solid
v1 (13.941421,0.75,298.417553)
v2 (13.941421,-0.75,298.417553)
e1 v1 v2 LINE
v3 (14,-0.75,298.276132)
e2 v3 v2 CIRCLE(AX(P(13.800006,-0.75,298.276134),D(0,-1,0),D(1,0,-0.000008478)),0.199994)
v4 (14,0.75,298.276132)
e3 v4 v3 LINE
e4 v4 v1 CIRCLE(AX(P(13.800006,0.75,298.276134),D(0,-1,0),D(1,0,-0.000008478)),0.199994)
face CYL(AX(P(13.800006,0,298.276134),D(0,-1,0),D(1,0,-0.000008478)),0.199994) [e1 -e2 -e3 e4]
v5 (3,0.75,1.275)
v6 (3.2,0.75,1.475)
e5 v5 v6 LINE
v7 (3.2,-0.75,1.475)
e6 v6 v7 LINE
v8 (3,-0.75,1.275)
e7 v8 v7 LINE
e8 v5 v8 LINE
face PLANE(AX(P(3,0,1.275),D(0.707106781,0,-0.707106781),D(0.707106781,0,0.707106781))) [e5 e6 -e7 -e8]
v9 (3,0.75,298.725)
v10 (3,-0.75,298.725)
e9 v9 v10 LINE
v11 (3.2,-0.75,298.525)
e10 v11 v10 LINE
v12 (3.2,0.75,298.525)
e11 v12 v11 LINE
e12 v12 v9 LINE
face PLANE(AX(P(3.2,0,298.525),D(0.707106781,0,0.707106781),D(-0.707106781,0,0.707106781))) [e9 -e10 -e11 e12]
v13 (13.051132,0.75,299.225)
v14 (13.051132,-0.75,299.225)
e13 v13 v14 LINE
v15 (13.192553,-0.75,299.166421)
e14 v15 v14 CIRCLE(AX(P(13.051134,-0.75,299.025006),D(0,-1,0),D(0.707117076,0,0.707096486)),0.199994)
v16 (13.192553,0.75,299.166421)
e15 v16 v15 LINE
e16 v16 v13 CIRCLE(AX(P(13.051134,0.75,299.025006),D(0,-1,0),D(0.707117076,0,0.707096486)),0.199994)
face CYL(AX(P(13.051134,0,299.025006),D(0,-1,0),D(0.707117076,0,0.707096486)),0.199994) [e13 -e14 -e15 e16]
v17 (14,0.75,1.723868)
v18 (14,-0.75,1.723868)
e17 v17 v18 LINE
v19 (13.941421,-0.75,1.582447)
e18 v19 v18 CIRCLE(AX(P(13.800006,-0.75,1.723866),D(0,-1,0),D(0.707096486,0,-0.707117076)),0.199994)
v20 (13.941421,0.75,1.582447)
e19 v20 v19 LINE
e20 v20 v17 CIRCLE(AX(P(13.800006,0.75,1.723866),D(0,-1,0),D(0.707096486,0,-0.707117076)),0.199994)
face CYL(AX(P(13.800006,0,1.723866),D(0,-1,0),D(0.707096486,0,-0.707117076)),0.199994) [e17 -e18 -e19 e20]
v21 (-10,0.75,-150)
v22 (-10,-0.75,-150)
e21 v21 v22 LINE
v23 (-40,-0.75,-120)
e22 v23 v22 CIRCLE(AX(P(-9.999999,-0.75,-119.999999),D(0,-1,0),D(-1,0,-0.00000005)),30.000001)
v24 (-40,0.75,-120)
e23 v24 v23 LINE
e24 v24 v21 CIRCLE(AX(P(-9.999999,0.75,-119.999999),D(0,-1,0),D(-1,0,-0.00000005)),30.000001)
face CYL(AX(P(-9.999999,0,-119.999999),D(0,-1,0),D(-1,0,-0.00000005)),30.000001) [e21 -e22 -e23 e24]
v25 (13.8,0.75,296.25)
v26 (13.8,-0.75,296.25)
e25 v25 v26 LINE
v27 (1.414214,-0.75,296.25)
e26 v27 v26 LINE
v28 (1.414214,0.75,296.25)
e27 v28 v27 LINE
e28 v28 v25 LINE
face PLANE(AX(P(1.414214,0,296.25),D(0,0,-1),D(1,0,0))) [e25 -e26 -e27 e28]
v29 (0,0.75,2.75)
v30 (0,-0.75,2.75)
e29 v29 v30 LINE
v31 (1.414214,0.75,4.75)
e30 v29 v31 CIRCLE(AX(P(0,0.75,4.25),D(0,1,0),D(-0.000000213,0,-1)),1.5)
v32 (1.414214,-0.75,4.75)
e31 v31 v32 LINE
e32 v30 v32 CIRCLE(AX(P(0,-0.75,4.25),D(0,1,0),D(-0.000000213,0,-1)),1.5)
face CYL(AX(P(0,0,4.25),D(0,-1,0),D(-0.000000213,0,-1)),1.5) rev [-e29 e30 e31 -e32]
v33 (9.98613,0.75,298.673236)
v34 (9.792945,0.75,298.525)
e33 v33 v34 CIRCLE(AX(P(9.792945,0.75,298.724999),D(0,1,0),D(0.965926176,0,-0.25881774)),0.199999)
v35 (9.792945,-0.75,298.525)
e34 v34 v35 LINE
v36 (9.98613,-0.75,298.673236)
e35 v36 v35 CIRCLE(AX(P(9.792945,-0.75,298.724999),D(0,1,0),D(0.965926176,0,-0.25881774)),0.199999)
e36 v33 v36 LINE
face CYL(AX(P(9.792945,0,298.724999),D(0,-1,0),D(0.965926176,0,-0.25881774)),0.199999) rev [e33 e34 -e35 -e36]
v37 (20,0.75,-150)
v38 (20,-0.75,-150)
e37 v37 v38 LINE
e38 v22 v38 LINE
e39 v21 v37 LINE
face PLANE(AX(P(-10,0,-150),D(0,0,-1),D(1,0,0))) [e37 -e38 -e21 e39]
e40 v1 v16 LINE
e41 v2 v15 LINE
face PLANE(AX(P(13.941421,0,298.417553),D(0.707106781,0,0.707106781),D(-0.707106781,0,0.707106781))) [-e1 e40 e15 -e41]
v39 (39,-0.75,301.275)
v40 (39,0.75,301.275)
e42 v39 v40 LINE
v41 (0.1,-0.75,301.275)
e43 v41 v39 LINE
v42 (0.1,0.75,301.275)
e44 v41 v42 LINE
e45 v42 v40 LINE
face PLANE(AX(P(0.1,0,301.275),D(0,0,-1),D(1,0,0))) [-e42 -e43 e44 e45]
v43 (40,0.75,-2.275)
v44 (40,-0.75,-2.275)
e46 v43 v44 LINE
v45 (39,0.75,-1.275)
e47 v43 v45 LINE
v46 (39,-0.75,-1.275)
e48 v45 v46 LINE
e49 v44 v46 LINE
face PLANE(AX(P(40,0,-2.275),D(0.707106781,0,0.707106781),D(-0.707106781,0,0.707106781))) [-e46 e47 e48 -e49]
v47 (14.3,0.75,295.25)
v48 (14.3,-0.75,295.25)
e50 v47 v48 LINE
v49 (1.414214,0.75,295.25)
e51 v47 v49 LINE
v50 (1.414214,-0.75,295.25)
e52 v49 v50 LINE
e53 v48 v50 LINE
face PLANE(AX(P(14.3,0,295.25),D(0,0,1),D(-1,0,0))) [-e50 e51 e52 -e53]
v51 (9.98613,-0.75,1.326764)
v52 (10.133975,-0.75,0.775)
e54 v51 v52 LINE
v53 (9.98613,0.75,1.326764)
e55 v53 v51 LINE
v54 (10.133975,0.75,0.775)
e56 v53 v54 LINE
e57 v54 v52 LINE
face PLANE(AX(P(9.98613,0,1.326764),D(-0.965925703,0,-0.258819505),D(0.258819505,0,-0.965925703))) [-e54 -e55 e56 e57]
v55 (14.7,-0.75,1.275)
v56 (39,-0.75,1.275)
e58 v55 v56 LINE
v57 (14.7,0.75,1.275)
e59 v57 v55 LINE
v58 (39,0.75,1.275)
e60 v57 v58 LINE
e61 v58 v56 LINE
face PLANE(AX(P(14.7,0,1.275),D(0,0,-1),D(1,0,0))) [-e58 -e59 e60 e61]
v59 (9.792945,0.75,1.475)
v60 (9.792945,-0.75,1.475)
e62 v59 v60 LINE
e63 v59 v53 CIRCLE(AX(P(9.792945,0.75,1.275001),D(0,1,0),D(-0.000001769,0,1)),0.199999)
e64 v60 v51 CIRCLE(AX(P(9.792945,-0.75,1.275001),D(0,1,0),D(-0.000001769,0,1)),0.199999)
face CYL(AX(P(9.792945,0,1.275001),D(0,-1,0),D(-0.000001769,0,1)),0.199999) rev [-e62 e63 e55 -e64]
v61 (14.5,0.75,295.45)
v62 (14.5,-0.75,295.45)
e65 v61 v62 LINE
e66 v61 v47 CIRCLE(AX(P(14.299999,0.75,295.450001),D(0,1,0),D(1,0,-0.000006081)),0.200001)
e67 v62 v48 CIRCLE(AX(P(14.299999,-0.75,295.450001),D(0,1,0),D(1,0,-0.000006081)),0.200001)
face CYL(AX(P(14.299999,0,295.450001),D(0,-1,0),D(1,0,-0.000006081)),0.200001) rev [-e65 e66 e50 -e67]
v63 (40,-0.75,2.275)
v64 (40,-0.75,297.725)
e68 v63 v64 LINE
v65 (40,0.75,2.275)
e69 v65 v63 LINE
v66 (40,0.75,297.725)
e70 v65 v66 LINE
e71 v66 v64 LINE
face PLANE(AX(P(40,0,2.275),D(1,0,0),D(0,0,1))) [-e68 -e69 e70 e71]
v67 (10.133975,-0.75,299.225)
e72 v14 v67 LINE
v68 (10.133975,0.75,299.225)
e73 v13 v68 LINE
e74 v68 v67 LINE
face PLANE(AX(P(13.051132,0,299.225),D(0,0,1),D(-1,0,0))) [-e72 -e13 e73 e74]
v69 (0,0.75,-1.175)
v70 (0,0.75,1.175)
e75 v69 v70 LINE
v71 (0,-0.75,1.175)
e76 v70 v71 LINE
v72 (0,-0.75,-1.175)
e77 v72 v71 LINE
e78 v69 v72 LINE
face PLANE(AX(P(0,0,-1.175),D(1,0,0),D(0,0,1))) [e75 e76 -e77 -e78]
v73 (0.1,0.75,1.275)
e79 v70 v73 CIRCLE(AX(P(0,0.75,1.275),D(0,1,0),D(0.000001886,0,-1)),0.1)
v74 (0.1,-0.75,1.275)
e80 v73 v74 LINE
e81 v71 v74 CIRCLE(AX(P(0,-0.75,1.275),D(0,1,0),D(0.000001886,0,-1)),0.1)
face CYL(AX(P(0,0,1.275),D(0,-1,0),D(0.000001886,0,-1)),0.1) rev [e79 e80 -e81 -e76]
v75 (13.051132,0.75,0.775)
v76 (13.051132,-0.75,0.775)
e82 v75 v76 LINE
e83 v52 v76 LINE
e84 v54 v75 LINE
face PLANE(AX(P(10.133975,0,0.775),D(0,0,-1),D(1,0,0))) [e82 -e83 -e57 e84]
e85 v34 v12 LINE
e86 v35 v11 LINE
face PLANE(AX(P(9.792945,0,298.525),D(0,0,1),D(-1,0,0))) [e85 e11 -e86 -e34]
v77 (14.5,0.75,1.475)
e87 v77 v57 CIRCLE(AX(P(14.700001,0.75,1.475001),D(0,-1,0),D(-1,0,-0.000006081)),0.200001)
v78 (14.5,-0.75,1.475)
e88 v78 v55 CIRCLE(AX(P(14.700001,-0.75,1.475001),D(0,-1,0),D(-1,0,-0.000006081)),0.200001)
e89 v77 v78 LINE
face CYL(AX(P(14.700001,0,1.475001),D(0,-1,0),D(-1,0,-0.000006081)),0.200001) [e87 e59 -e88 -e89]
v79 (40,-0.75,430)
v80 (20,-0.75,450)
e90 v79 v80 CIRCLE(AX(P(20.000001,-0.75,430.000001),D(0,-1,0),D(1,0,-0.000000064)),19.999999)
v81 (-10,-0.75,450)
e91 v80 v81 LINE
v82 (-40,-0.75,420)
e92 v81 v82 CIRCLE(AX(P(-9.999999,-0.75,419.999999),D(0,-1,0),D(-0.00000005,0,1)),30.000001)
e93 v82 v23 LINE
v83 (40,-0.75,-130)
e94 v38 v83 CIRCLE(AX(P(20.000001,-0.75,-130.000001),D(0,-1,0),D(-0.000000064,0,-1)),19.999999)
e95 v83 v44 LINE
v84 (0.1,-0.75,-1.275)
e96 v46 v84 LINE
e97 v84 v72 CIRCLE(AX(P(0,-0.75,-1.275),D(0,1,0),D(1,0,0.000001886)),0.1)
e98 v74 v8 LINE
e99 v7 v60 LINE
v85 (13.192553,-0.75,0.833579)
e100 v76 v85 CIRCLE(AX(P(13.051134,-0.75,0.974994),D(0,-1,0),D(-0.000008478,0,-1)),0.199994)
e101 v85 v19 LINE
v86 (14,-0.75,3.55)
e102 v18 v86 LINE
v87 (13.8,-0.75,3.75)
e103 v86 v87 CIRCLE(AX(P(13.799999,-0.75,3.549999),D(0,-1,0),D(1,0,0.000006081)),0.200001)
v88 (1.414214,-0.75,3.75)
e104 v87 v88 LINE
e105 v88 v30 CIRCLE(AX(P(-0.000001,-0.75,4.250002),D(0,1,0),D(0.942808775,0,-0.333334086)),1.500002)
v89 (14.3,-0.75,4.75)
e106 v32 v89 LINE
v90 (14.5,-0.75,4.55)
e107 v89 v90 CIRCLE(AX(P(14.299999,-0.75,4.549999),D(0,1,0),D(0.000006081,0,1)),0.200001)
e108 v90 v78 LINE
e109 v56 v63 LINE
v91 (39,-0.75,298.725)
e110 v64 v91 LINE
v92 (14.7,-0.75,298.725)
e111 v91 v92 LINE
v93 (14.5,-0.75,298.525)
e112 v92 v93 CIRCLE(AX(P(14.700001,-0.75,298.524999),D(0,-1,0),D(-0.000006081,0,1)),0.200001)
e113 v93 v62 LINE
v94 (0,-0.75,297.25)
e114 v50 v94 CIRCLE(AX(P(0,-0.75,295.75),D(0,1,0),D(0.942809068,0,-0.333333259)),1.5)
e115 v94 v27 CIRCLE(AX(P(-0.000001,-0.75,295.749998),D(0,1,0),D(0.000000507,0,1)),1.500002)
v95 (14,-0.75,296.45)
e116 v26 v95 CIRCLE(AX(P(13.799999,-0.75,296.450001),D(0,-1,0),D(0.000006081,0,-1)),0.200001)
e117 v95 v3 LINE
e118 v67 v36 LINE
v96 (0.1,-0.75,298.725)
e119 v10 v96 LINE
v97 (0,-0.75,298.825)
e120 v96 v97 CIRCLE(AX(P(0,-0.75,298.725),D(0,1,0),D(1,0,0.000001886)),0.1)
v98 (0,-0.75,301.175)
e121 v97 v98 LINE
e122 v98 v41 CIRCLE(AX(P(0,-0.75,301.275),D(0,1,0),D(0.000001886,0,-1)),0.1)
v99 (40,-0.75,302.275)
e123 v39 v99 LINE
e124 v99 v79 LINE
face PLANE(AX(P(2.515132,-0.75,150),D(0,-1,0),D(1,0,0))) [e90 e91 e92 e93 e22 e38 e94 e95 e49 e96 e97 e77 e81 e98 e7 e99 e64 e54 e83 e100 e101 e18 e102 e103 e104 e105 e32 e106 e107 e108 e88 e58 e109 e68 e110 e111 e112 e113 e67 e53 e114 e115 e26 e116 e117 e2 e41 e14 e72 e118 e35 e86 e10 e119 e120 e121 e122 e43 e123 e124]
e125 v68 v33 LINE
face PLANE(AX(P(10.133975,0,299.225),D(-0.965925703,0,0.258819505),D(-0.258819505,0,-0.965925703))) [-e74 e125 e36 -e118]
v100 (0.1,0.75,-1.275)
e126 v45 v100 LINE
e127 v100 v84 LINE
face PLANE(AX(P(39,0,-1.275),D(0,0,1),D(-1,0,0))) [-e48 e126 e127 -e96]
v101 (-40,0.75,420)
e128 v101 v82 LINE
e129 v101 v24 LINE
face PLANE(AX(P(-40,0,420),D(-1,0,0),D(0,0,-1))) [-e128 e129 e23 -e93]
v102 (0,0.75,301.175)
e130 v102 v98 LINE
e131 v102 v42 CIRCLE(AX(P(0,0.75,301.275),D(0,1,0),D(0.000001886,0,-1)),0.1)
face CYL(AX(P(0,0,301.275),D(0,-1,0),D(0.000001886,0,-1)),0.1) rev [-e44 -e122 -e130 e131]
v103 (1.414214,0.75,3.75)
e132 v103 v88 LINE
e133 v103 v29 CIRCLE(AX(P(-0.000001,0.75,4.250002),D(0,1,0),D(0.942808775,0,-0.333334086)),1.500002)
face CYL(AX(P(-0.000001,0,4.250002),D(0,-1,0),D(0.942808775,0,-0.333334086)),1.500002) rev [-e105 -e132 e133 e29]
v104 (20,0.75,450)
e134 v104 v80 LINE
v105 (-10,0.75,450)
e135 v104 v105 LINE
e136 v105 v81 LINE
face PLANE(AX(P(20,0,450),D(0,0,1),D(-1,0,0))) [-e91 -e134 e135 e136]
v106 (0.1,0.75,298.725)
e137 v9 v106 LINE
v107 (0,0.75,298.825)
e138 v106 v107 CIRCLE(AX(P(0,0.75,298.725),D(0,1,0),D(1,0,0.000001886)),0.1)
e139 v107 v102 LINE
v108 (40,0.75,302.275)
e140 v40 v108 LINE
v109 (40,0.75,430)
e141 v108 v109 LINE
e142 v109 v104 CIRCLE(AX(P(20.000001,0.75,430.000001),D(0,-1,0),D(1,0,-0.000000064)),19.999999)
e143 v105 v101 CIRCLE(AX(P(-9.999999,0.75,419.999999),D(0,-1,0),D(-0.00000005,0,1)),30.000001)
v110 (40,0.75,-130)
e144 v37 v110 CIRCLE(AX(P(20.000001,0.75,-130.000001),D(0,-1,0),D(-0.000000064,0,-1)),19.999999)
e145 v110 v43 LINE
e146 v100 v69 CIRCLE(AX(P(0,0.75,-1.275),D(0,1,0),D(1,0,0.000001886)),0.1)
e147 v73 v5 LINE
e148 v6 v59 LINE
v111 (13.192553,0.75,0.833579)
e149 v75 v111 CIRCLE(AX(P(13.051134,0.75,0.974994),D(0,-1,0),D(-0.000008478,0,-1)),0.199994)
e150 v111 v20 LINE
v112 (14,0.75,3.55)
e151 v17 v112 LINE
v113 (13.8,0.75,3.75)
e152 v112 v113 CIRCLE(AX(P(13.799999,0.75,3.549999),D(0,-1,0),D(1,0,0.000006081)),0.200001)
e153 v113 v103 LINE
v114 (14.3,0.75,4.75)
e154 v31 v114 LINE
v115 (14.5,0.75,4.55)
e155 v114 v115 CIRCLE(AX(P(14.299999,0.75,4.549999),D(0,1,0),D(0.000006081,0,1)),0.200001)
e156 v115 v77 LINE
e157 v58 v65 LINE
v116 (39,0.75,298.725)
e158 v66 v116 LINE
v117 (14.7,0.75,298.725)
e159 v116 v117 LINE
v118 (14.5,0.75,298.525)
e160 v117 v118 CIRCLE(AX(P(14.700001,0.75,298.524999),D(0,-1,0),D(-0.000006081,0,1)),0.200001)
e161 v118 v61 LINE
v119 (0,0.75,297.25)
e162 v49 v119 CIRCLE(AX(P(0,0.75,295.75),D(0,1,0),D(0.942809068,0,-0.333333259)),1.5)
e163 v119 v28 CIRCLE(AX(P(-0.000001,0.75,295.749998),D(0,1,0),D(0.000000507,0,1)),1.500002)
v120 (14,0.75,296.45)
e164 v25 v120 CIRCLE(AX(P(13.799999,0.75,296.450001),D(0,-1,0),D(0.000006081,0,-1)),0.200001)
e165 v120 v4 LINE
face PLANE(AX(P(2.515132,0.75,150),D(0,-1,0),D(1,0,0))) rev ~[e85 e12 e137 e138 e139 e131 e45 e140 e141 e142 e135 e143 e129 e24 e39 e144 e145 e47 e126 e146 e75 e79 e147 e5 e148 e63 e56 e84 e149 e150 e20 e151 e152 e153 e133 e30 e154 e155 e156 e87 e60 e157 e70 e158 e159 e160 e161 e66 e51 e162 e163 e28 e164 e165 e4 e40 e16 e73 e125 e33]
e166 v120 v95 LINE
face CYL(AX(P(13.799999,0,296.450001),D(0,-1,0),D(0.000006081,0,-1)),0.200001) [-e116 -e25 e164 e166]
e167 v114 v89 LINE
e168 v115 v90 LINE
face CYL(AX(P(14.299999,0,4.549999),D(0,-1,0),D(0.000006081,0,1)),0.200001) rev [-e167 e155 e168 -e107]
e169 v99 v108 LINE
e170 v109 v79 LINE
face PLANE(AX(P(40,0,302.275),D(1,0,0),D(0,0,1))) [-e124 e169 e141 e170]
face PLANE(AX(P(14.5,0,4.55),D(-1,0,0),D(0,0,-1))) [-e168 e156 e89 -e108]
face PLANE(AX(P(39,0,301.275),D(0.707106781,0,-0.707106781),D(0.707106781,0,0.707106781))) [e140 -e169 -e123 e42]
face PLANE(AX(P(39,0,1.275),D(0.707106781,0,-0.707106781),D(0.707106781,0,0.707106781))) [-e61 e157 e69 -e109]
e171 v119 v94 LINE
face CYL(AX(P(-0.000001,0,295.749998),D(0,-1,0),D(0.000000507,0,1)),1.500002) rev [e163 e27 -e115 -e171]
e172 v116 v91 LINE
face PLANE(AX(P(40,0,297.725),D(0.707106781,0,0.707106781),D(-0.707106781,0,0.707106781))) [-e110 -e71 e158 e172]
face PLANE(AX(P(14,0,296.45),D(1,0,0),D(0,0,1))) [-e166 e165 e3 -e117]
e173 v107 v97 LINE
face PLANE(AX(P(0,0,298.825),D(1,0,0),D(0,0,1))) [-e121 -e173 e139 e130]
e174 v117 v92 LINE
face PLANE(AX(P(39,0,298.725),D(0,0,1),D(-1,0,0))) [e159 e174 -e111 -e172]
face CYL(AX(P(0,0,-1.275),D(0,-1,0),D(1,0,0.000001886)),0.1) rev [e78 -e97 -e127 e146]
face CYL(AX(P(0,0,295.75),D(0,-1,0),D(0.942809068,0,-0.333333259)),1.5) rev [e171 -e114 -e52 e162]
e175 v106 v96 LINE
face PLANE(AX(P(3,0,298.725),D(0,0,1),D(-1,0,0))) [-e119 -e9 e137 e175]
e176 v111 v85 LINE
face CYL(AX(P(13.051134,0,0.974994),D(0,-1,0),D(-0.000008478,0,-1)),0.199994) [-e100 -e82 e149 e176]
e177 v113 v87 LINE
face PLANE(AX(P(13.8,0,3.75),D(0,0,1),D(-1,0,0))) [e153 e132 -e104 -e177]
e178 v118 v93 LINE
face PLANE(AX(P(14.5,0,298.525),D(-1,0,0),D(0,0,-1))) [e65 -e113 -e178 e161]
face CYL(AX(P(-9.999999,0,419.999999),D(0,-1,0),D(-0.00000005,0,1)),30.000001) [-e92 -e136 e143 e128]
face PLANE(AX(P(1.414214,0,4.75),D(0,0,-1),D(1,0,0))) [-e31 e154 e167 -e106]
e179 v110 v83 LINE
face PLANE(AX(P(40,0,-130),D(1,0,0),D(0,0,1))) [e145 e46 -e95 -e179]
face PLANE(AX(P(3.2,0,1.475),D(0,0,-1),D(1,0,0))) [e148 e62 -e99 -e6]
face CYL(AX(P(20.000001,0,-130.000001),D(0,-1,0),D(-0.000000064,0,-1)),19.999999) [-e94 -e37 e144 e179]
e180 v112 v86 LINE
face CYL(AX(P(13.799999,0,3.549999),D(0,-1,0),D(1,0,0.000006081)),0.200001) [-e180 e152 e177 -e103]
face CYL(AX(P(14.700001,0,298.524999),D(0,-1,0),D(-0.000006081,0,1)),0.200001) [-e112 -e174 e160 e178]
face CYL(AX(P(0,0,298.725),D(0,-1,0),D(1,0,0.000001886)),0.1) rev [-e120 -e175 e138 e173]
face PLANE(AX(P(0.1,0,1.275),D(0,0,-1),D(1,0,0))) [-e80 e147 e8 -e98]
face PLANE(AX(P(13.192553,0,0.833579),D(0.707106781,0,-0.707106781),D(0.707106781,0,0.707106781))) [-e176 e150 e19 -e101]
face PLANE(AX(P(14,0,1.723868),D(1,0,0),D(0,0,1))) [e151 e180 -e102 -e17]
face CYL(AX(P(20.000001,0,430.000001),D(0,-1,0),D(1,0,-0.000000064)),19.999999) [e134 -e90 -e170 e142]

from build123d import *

# Parameters (mm, degrees)
F1_DEPTH      = 0.75
F1_DEPTH_BACK = 0.75


with BuildPart() as f1:
    # F0 (on Front) → F1 (new body, two sides)
    with BuildSketch(Plane.XZ) as f1_sk:
        with BuildLine():
            Line((40, 302.275), (40, 430))
            ThreePointArc((40, 430), (34.142136, 444.142136), (20, 450))
            Line((20, 450), (-10, 450))
            ThreePointArc((-10, 450), (-31.213203, 441.213203), (-40, 420))
            Line((-40, 420), (-40, -120))
            ThreePointArc((-40, -120), (-31.213203, -141.213203), (-10, -150))
            Line((-10, -150), (20, -150))
            ThreePointArc((20, -150), (34.142136, -144.142136), (40, -130))
            Line((40, -130), (40, -2.275))
            Line((40, -2.275), (39, -1.275))
            Line((39, -1.275), (0.1, -1.275))
            ThreePointArc((0.1, -1.275), (-0.070711, -1.345711), (0, -1.175))
            Line((0, -1.175), (0, 0))
            Line((0, 0), (0, 1.175))
            ThreePointArc((0, 1.175), (-0.070711, 1.345711), (0.1, 1.275))
            Line((0.1, 1.275), (3, 1.275))
            Line((3, 1.275), (3.2, 1.475))
            Line((3.2, 1.475), (9.792945, 1.475))
            ThreePointArc((9.792945, 1.475), (9.914697, 1.433671), (9.98613, 1.326764))
            Line((9.98613, 1.326764), (10.133975, 0.775))
            Line((10.133975, 0.775), (13.051132, 0.775))
            ThreePointArc((13.051132, 0.775), (13.127669, 0.790224), (13.192553, 0.833579))
            Line((13.192553, 0.833579), (13.941421, 1.582447))
            ThreePointArc((13.941421, 1.582447), (13.984776, 1.647331), (14, 1.723868))
            Line((14, 1.723868), (14, 3.55))
            ThreePointArc((14, 3.55), (13.941421, 3.691421), (13.8, 3.75))
            Line((13.8, 3.75), (1.414214, 3.75))
            ThreePointArc((1.414214, 3.75), (0.866025, 3.025255), (0, 2.75))
            ThreePointArc((0, 2.75), (-1.224745, 5.116025), (1.414214, 4.75))
            Line((1.414214, 4.75), (14.3, 4.75))
            ThreePointArc((14.3, 4.75), (14.441421, 4.691421), (14.5, 4.55))
            Line((14.5, 4.55), (14.5, 1.475))
            ThreePointArc((14.5, 1.475), (14.558579, 1.333579), (14.7, 1.275))
            Line((14.7, 1.275), (39, 1.275))
            Line((39, 1.275), (40, 2.275))
            Line((40, 2.275), (40, 297.725))
            Line((40, 297.725), (39, 298.725))
            Line((39, 298.725), (14.7, 298.725))
            ThreePointArc((14.7, 298.725), (14.558579, 298.666421), (14.5, 298.525))
            Line((14.5, 298.525), (14.5, 295.45))
            ThreePointArc((14.5, 295.45), (14.441421, 295.308579), (14.3, 295.25))
            Line((14.3, 295.25), (1.414214, 295.25))
            ThreePointArc((1.414214, 295.25), (-1.224745, 294.883975), (0, 297.25))
            ThreePointArc((0, 297.25), (0.866025, 296.974745), (1.414214, 296.25))
            Line((1.414214, 296.25), (13.8, 296.25))
            ThreePointArc((13.8, 296.25), (13.941421, 296.308579), (14, 296.45))
            Line((14, 296.45), (14, 298.276132))
            ThreePointArc((14, 298.276132), (13.984776, 298.352669), (13.941421, 298.417553))
            Line((13.941421, 298.417553), (13.192553, 299.166421))
            ThreePointArc((13.192553, 299.166421), (13.127669, 299.209776), (13.051132, 299.225))
            Line((13.051132, 299.225), (10.133975, 299.225))
            Line((10.133975, 299.225), (9.98613, 298.673236))
            ThreePointArc((9.98613, 298.673236), (9.914697, 298.566329), (9.792945, 298.525))
            Line((9.792945, 298.525), (3.2, 298.525))
            Line((3.2, 298.525), (3, 298.725))
            Line((3, 298.725), (0.1, 298.725))
            ThreePointArc((0.1, 298.725), (-0.070711, 298.654289), (0, 298.825))
            Line((0, 298.825), (0, 300))
            Line((0, 300), (0, 301.175))
            ThreePointArc((0, 301.175), (-0.070711, 301.345711), (0.1, 301.275))
            Line((0.1, 301.275), (39, 301.275))
            Line((39, 301.275), (40, 302.275))
        make_face()
    extrude(amount=F1_DEPTH)
    extrude(f1_sk.sketch, amount=-F1_DEPTH_BACK)


solid = f1.part
